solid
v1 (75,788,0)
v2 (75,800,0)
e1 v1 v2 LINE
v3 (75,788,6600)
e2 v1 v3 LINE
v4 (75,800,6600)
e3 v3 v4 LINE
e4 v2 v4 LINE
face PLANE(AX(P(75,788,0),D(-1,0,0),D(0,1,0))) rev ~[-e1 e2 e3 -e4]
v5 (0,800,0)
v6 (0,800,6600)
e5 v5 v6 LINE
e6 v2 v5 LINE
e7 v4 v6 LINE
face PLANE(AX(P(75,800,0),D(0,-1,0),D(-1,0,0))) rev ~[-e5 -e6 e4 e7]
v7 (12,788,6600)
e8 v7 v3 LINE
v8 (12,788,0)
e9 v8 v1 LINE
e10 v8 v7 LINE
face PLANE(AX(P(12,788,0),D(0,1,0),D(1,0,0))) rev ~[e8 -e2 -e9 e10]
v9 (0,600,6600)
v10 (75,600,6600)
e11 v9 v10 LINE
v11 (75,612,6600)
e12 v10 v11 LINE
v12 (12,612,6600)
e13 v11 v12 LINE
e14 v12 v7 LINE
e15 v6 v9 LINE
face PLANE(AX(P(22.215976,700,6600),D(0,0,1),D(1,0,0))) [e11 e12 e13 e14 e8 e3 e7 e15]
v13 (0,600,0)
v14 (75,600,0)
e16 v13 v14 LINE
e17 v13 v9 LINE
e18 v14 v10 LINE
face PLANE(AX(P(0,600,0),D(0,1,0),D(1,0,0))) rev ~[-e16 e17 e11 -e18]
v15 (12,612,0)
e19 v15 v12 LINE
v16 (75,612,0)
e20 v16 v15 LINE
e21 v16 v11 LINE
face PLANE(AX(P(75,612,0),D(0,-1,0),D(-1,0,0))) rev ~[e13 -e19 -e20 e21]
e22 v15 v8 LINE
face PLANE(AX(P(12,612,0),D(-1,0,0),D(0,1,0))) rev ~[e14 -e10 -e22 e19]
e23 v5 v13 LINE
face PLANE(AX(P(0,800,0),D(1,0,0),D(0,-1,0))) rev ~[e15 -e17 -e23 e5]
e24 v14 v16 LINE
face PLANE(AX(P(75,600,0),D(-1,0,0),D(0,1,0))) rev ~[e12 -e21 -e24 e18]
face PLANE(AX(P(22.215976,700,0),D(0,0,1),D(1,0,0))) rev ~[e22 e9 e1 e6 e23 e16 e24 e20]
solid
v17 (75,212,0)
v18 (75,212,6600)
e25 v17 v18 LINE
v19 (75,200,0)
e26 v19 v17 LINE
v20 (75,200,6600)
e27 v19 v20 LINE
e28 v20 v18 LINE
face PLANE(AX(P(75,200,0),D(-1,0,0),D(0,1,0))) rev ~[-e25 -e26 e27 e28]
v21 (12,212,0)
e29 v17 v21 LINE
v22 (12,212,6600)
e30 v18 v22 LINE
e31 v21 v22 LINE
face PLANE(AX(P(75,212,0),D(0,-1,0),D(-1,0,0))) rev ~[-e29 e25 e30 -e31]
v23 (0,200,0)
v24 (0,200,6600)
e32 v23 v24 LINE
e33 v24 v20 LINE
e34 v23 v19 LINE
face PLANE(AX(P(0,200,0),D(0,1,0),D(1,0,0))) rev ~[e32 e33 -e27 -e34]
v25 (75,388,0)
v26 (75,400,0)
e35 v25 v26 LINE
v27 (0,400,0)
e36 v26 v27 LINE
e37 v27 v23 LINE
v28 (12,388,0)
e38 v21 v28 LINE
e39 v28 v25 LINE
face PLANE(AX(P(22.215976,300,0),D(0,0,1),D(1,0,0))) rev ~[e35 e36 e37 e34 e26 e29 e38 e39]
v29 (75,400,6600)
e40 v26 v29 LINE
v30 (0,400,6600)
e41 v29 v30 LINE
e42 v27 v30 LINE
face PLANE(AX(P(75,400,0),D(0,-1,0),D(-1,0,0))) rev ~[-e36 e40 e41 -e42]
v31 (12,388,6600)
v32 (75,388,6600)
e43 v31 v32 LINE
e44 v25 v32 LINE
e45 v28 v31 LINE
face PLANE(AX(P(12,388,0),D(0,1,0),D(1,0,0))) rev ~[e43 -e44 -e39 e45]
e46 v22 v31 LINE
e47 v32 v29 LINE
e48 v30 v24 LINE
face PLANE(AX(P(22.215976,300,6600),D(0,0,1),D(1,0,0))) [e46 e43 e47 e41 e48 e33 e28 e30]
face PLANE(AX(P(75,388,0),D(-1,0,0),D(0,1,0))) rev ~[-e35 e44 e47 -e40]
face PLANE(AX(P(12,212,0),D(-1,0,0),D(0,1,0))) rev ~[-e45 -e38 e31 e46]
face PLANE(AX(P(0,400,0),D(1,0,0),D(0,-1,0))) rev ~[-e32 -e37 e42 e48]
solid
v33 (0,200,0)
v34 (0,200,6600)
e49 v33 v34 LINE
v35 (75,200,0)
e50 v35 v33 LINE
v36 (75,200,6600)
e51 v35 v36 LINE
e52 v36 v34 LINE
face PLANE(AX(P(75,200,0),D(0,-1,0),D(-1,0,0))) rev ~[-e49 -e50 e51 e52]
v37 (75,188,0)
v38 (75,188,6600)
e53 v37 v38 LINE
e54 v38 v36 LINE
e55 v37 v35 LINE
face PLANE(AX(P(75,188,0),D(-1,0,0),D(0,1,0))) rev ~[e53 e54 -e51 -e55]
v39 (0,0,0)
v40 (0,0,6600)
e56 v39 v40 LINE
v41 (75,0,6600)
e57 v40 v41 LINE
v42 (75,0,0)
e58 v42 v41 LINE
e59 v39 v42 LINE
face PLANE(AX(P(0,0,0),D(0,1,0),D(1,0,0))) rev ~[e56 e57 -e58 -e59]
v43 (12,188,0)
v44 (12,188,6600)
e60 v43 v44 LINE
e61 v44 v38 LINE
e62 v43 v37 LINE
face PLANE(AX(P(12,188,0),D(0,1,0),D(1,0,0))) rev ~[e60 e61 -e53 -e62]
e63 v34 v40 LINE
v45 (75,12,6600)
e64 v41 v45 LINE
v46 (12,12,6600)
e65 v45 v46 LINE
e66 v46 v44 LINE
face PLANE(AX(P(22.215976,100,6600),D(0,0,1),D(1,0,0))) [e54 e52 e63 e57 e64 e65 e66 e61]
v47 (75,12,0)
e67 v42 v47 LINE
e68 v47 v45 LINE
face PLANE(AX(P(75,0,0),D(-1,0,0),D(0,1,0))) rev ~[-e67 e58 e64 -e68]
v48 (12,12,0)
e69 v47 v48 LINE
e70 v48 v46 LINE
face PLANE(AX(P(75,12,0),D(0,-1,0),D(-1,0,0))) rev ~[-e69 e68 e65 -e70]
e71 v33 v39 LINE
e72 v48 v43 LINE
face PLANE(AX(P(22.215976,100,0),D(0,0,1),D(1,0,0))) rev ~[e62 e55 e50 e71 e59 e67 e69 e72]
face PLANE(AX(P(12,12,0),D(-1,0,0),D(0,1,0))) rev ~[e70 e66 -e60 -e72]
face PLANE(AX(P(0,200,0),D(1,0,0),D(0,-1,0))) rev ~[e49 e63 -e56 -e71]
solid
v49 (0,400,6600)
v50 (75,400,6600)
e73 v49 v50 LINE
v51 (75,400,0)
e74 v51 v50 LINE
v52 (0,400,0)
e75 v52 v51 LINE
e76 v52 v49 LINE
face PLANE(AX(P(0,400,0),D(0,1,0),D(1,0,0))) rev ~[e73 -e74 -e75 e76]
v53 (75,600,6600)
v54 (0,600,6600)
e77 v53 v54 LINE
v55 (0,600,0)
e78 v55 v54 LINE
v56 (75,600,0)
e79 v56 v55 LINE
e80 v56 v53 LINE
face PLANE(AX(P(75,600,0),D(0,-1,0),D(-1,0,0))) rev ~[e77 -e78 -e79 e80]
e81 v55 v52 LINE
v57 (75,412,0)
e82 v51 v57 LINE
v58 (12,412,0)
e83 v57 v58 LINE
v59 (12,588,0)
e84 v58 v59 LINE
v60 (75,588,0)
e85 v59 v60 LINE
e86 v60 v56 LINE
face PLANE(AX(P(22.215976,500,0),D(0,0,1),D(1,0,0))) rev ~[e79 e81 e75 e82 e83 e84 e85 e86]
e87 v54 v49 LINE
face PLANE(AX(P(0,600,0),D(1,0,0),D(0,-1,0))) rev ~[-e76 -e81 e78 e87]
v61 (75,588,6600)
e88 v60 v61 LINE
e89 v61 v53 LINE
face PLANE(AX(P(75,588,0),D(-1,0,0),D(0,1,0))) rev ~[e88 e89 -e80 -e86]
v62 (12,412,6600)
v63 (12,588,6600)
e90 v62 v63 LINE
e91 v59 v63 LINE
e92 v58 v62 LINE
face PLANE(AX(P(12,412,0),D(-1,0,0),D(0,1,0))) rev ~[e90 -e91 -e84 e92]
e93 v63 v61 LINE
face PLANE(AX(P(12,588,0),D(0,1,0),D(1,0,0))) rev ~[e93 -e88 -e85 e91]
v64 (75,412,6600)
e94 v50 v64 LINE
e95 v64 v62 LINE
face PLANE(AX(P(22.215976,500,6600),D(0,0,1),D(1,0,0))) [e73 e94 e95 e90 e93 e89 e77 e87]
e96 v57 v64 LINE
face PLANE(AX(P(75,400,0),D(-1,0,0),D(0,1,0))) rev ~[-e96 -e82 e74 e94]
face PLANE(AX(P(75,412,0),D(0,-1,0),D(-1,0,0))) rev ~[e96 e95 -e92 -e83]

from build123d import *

# Parameters (mm, degrees)
F1_DEPTH = 6600
F2_DEPTH = 6600
F3_DEPTH = 6600
F4_DEPTH = 6600


with BuildPart() as f1:
    # F0 (on Top) → F1 (new body)
    with BuildSketch(Plane.XY):
        Polygon((0, 200), (0, 0), (75, 0), (75, 12), (12, 12), (12, 188), (75, 188), (75, 200), align=None)
    extrude(amount=F1_DEPTH)


with BuildPart() as f2:
    # F0 (on Top) → F2 (new body)
    with BuildSketch(Plane.XY):
        Polygon((0, 400), (0, 200), (75, 200), (75, 212), (12, 212), (12, 388), (75, 388), (75, 400), align=None)
    extrude(amount=F2_DEPTH)


with BuildPart() as f3:
    # F0 (on Top) → F3 (new body)
    with BuildSketch(Plane.XY):
        Polygon((0, 600), (0, 400), (75, 400), (75, 412), (12, 412), (12, 588), (75, 588), (75, 600), align=None)
    extrude(amount=F3_DEPTH)


with BuildPart() as f4:
    # F0 (on Top) → F4 (new body)
    with BuildSketch(Plane.XY):
        Polygon((0, 800), (0, 600), (75, 600), (75, 612), (12, 612), (12, 788), (75, 788), (75, 800), align=None)
    extrude(amount=F4_DEPTH)


solid = Compound([f1.part, f2.part, f3.part, f4.part])
